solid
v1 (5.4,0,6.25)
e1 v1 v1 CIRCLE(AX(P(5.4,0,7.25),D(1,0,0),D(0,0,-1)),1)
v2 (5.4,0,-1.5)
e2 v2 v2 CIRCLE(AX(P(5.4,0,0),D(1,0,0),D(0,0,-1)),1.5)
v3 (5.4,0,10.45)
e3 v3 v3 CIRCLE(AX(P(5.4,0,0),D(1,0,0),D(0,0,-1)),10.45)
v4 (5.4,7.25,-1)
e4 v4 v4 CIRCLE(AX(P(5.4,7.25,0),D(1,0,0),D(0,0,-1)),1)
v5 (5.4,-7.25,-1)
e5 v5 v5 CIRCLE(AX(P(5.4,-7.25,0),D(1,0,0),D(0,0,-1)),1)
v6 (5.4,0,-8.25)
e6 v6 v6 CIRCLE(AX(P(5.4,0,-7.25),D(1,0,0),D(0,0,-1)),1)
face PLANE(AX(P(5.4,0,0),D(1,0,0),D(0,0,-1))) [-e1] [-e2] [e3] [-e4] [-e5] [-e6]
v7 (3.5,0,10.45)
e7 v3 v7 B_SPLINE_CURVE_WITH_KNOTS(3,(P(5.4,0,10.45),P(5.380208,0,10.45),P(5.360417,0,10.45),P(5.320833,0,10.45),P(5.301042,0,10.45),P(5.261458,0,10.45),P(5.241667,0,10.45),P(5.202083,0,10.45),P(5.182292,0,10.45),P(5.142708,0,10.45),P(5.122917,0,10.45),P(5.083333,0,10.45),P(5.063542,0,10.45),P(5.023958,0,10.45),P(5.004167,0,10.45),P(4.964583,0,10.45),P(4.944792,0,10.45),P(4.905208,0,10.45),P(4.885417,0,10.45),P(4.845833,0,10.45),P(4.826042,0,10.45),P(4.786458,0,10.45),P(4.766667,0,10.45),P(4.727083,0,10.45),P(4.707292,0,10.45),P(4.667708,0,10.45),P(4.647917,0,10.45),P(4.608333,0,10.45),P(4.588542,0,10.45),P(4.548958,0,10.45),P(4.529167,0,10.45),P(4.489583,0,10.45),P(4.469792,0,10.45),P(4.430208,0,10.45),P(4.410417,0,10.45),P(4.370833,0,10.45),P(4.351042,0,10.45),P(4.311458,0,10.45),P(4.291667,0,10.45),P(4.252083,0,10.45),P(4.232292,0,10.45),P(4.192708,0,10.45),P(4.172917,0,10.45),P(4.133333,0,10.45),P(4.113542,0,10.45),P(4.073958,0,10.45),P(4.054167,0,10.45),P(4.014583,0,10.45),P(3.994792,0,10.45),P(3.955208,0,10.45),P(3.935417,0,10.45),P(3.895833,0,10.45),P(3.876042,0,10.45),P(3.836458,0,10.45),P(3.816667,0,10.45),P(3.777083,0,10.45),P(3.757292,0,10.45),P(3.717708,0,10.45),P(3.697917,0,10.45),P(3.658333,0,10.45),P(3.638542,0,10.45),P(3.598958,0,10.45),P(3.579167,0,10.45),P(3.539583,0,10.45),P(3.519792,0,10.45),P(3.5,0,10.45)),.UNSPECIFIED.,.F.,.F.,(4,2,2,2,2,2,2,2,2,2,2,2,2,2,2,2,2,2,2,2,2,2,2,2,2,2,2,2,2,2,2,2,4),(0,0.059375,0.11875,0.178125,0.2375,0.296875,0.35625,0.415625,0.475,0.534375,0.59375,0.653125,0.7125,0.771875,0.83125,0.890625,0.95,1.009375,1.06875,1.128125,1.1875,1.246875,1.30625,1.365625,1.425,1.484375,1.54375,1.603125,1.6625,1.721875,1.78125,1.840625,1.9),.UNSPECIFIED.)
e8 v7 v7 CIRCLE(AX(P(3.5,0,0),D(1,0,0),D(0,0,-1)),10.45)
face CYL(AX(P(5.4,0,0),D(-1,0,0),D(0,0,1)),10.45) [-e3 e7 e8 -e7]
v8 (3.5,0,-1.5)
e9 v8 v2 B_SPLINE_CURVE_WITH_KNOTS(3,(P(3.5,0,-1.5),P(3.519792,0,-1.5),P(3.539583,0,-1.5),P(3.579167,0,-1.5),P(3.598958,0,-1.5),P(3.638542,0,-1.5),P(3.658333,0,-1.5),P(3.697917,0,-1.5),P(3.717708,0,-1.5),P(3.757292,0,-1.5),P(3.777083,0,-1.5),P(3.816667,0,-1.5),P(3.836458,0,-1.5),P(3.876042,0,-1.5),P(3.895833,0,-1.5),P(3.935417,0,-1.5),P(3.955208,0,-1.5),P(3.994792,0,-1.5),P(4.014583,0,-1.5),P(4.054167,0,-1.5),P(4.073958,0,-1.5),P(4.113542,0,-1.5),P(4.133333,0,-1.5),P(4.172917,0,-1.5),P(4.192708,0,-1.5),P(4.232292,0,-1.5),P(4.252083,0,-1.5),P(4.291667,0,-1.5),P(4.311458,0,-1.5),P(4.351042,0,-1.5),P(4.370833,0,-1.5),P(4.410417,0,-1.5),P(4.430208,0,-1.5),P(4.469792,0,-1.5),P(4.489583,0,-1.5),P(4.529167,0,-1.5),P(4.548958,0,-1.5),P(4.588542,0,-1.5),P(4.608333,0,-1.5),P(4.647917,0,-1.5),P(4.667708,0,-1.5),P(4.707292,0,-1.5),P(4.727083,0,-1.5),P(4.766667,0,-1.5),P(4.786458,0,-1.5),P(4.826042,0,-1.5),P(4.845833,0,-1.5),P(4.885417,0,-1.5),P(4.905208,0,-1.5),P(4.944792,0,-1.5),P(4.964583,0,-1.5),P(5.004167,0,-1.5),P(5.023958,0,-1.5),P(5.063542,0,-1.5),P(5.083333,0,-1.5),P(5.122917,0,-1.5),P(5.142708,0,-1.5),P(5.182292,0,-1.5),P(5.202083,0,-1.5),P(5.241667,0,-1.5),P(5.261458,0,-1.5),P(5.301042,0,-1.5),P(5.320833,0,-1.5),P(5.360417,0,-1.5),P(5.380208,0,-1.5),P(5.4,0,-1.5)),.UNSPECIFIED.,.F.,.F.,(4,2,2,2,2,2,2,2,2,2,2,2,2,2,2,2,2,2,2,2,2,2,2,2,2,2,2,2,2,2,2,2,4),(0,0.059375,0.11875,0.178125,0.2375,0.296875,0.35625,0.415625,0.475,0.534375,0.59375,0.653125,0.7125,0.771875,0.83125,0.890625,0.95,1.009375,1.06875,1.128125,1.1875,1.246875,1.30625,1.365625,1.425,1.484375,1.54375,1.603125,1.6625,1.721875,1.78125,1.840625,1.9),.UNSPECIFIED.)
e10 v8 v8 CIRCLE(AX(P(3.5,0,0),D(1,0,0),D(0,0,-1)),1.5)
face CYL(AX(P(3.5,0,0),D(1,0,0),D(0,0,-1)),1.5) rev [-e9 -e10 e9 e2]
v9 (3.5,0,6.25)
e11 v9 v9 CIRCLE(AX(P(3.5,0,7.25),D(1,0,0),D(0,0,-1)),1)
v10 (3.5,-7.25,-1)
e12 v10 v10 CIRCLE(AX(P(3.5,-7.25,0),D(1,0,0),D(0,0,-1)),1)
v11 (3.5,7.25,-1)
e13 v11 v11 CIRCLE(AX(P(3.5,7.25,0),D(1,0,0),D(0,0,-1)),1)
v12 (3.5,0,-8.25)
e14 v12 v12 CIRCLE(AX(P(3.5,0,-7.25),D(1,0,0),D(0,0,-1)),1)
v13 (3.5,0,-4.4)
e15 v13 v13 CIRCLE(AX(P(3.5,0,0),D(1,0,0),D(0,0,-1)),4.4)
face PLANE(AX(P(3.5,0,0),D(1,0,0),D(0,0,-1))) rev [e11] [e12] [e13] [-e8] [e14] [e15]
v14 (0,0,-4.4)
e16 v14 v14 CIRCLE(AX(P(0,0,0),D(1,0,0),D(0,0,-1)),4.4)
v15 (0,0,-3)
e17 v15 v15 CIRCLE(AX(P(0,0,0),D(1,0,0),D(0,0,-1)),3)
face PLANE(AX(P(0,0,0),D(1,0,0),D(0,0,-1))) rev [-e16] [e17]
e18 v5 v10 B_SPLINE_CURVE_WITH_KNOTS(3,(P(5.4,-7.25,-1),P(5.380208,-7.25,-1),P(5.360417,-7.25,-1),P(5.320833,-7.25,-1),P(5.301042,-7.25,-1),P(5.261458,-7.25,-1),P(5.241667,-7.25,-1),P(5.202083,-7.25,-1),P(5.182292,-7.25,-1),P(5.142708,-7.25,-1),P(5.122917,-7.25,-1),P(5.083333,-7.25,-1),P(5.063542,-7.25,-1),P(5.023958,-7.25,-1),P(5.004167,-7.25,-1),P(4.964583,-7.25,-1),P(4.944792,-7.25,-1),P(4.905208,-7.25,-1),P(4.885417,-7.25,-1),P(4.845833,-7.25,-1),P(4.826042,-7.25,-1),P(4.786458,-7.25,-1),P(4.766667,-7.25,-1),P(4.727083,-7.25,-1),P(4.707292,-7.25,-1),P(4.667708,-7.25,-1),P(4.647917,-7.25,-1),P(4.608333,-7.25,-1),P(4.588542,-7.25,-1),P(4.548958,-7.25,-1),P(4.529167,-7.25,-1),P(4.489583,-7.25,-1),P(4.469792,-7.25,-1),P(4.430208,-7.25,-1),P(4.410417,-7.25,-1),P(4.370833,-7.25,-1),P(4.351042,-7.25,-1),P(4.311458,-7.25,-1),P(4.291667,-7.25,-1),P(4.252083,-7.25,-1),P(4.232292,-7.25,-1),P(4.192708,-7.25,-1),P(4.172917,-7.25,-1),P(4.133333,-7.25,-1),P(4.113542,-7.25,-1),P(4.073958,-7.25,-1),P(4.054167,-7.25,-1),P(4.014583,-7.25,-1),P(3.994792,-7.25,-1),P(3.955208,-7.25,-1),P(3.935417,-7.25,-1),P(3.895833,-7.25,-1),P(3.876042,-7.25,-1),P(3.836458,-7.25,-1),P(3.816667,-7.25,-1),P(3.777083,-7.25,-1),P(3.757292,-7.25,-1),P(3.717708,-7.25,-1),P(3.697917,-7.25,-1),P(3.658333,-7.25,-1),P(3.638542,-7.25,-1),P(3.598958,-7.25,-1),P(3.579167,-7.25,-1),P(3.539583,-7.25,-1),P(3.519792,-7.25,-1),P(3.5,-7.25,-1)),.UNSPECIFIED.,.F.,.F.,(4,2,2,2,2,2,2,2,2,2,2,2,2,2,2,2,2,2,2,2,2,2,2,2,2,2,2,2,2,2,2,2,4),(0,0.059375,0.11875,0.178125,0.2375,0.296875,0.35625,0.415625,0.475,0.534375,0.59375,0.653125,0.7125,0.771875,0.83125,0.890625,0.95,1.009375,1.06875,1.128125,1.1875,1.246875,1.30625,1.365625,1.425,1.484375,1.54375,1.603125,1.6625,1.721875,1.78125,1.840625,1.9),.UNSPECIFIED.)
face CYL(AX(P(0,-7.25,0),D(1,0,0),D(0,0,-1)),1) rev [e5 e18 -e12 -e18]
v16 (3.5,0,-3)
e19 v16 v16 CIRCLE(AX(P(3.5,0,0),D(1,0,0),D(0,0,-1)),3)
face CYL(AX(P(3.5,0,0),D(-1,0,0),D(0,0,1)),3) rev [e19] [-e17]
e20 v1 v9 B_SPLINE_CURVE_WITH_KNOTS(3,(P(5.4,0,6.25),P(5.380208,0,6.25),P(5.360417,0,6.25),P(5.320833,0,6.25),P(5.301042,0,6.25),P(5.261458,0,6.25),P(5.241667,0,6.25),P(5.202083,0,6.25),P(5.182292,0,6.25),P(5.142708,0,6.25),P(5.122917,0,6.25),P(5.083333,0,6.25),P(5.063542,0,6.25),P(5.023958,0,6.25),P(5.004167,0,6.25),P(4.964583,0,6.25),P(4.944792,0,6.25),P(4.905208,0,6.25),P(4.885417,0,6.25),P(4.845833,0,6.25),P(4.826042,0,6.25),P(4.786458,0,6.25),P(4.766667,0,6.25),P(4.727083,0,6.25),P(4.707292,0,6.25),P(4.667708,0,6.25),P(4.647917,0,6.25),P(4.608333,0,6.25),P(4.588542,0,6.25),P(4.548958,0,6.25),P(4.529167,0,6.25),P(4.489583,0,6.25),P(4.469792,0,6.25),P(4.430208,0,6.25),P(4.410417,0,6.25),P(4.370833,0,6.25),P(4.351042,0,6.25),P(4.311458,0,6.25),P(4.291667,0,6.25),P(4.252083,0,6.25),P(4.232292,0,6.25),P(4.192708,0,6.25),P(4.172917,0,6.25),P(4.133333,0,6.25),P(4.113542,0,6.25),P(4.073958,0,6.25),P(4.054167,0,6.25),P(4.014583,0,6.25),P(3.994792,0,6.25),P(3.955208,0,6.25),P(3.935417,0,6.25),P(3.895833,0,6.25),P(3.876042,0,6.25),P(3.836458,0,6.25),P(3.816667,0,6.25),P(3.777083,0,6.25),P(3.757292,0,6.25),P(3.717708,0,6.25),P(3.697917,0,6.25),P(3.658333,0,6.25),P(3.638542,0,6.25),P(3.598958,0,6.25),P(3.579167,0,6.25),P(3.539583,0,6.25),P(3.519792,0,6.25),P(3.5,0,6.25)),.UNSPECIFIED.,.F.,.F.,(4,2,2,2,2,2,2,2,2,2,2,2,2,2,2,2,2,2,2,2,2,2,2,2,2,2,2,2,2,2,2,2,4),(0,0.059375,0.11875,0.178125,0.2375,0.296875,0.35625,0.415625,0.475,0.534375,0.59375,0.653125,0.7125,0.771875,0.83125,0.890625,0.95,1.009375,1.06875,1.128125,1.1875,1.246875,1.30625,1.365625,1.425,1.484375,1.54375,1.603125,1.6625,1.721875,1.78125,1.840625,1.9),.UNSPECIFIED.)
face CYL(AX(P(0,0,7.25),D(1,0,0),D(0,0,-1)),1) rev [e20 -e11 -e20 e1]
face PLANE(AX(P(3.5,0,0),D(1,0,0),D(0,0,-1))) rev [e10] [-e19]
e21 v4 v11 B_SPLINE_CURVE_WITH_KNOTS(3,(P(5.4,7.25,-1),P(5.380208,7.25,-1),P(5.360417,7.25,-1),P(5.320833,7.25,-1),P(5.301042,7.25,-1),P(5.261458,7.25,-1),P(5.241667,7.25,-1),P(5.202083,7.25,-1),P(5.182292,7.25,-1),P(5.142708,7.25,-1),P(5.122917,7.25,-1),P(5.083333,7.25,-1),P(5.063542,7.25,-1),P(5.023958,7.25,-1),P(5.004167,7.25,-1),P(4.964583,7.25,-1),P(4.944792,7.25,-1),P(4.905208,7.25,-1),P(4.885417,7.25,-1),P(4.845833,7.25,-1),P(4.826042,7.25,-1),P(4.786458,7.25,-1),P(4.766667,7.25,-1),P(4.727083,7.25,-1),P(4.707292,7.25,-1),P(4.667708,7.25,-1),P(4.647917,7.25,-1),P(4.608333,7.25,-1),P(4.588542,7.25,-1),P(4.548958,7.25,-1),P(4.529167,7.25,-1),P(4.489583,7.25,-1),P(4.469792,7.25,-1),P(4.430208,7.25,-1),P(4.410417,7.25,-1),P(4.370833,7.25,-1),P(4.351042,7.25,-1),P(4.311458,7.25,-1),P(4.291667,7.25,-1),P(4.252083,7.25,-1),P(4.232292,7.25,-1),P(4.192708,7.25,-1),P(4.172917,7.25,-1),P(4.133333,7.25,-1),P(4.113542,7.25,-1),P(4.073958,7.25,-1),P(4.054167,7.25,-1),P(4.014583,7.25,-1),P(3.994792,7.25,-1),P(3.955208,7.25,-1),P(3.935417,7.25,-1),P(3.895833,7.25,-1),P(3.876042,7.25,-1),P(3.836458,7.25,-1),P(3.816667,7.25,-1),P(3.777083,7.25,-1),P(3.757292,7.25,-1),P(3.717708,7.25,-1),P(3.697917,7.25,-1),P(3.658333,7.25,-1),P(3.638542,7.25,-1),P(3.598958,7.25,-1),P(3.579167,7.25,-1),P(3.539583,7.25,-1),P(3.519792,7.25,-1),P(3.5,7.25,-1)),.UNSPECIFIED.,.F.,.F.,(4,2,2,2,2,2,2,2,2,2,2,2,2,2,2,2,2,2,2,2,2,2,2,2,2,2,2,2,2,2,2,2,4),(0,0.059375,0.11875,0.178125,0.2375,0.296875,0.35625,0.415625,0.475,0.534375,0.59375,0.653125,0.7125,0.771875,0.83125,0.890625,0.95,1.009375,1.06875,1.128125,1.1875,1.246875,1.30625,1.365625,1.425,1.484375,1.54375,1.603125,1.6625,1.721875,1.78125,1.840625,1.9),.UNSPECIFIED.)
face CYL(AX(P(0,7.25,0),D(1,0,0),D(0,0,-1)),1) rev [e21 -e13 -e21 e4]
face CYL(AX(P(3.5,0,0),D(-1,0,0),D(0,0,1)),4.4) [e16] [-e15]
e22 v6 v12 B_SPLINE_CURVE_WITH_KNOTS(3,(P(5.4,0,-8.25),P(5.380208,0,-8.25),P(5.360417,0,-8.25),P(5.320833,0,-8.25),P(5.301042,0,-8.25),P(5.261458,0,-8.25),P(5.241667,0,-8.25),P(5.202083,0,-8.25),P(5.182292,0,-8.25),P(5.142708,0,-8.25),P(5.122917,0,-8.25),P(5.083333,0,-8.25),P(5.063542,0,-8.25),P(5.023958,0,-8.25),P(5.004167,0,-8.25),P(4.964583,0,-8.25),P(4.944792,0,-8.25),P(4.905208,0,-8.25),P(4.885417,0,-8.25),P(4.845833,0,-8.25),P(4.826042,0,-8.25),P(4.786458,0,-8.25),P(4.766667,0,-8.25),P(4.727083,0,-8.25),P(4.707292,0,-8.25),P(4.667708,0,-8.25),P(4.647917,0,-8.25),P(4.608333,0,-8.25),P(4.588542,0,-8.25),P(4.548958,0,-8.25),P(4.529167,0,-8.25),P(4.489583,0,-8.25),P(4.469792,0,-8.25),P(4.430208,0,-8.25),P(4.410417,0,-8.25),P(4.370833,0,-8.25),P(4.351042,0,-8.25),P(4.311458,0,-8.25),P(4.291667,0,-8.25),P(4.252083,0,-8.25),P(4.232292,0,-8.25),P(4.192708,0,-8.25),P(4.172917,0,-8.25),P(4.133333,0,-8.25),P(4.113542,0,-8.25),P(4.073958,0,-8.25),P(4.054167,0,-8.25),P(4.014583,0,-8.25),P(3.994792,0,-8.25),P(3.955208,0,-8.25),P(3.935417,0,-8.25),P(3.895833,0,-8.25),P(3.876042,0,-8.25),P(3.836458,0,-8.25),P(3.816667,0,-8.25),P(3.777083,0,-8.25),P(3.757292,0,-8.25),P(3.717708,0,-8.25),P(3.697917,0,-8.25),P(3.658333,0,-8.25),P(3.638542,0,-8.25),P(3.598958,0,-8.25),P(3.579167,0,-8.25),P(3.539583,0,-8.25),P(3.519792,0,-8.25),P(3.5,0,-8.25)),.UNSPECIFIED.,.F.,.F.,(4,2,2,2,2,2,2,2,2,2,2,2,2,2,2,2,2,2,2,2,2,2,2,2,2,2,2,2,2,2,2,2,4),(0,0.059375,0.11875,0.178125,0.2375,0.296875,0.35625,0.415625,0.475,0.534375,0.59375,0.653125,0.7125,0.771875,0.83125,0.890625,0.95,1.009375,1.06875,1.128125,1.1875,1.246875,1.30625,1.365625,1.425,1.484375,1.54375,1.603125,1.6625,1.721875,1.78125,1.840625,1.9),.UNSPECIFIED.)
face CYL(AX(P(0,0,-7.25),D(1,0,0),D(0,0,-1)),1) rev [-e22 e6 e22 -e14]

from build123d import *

# Parameters (mm, degrees)
SKETCH1_R           = 4.4
SKETCH1_R_2         = 3
BOSS_EXTRUDE1_DEPTH = 3.5
SKETCH2_R           = 10.45
BOSS_EXTRUDE2_DEPTH = 1.9
SKETCH3_R           = 1.5
CUT_EXTRUDE1_DEPTH  = 1.9
SKETCH4_R           = 1
CUT_EXTRUDE2_DEPTH  = 5.4


with BuildPart() as part:
    # Sketch1 → Boss-Extrude1 (new body)
    with BuildSketch(Plane(origin=(0, 0, 0), x_dir=(0, 0, -1), z_dir=(1, 0, 0))):
        Circle(SKETCH1_R)
        Circle(SKETCH1_R_2, mode=Mode.SUBTRACT)
    extrude(amount=BOSS_EXTRUDE1_DEPTH)

    # Sketch2 → Boss-Extrude2 (add)
    with BuildSketch(Plane(origin=(3.5, 0, 0), x_dir=(0, 0, -1), z_dir=(1, 0, 0))):
        with Locations(Location((0, 0, 0), (0, 0, 180))):
            Circle(SKETCH2_R)
    extrude(amount=BOSS_EXTRUDE2_DEPTH)

    # Sketch3 → Cut-Extrude1 (cut)
    with BuildSketch(Plane(origin=(5.4, 0, 0), x_dir=(0, 0, -1), z_dir=(1, 0, 0))):
        Circle(SKETCH3_R)
    extrude(amount=-CUT_EXTRUDE1_DEPTH, mode=Mode.SUBTRACT)

    # Sketch4 → Cut-Extrude2 (cut)
    with BuildSketch(Plane(origin=(5.4, 0, 0), x_dir=(0, 0, -1), z_dir=(1, 0, 0))):
        with Locations((0, 7.25)):
            Circle(SKETCH4_R)
        with Locations((7.25, 0)):
            Circle(SKETCH4_R)
        with Locations((0, -7.25)):
            Circle(SKETCH4_R)
        with Locations((-7.25, 0)):
            Circle(SKETCH4_R)
    extrude(amount=-CUT_EXTRUDE2_DEPTH, mode=Mode.SUBTRACT)


solid = part.part
